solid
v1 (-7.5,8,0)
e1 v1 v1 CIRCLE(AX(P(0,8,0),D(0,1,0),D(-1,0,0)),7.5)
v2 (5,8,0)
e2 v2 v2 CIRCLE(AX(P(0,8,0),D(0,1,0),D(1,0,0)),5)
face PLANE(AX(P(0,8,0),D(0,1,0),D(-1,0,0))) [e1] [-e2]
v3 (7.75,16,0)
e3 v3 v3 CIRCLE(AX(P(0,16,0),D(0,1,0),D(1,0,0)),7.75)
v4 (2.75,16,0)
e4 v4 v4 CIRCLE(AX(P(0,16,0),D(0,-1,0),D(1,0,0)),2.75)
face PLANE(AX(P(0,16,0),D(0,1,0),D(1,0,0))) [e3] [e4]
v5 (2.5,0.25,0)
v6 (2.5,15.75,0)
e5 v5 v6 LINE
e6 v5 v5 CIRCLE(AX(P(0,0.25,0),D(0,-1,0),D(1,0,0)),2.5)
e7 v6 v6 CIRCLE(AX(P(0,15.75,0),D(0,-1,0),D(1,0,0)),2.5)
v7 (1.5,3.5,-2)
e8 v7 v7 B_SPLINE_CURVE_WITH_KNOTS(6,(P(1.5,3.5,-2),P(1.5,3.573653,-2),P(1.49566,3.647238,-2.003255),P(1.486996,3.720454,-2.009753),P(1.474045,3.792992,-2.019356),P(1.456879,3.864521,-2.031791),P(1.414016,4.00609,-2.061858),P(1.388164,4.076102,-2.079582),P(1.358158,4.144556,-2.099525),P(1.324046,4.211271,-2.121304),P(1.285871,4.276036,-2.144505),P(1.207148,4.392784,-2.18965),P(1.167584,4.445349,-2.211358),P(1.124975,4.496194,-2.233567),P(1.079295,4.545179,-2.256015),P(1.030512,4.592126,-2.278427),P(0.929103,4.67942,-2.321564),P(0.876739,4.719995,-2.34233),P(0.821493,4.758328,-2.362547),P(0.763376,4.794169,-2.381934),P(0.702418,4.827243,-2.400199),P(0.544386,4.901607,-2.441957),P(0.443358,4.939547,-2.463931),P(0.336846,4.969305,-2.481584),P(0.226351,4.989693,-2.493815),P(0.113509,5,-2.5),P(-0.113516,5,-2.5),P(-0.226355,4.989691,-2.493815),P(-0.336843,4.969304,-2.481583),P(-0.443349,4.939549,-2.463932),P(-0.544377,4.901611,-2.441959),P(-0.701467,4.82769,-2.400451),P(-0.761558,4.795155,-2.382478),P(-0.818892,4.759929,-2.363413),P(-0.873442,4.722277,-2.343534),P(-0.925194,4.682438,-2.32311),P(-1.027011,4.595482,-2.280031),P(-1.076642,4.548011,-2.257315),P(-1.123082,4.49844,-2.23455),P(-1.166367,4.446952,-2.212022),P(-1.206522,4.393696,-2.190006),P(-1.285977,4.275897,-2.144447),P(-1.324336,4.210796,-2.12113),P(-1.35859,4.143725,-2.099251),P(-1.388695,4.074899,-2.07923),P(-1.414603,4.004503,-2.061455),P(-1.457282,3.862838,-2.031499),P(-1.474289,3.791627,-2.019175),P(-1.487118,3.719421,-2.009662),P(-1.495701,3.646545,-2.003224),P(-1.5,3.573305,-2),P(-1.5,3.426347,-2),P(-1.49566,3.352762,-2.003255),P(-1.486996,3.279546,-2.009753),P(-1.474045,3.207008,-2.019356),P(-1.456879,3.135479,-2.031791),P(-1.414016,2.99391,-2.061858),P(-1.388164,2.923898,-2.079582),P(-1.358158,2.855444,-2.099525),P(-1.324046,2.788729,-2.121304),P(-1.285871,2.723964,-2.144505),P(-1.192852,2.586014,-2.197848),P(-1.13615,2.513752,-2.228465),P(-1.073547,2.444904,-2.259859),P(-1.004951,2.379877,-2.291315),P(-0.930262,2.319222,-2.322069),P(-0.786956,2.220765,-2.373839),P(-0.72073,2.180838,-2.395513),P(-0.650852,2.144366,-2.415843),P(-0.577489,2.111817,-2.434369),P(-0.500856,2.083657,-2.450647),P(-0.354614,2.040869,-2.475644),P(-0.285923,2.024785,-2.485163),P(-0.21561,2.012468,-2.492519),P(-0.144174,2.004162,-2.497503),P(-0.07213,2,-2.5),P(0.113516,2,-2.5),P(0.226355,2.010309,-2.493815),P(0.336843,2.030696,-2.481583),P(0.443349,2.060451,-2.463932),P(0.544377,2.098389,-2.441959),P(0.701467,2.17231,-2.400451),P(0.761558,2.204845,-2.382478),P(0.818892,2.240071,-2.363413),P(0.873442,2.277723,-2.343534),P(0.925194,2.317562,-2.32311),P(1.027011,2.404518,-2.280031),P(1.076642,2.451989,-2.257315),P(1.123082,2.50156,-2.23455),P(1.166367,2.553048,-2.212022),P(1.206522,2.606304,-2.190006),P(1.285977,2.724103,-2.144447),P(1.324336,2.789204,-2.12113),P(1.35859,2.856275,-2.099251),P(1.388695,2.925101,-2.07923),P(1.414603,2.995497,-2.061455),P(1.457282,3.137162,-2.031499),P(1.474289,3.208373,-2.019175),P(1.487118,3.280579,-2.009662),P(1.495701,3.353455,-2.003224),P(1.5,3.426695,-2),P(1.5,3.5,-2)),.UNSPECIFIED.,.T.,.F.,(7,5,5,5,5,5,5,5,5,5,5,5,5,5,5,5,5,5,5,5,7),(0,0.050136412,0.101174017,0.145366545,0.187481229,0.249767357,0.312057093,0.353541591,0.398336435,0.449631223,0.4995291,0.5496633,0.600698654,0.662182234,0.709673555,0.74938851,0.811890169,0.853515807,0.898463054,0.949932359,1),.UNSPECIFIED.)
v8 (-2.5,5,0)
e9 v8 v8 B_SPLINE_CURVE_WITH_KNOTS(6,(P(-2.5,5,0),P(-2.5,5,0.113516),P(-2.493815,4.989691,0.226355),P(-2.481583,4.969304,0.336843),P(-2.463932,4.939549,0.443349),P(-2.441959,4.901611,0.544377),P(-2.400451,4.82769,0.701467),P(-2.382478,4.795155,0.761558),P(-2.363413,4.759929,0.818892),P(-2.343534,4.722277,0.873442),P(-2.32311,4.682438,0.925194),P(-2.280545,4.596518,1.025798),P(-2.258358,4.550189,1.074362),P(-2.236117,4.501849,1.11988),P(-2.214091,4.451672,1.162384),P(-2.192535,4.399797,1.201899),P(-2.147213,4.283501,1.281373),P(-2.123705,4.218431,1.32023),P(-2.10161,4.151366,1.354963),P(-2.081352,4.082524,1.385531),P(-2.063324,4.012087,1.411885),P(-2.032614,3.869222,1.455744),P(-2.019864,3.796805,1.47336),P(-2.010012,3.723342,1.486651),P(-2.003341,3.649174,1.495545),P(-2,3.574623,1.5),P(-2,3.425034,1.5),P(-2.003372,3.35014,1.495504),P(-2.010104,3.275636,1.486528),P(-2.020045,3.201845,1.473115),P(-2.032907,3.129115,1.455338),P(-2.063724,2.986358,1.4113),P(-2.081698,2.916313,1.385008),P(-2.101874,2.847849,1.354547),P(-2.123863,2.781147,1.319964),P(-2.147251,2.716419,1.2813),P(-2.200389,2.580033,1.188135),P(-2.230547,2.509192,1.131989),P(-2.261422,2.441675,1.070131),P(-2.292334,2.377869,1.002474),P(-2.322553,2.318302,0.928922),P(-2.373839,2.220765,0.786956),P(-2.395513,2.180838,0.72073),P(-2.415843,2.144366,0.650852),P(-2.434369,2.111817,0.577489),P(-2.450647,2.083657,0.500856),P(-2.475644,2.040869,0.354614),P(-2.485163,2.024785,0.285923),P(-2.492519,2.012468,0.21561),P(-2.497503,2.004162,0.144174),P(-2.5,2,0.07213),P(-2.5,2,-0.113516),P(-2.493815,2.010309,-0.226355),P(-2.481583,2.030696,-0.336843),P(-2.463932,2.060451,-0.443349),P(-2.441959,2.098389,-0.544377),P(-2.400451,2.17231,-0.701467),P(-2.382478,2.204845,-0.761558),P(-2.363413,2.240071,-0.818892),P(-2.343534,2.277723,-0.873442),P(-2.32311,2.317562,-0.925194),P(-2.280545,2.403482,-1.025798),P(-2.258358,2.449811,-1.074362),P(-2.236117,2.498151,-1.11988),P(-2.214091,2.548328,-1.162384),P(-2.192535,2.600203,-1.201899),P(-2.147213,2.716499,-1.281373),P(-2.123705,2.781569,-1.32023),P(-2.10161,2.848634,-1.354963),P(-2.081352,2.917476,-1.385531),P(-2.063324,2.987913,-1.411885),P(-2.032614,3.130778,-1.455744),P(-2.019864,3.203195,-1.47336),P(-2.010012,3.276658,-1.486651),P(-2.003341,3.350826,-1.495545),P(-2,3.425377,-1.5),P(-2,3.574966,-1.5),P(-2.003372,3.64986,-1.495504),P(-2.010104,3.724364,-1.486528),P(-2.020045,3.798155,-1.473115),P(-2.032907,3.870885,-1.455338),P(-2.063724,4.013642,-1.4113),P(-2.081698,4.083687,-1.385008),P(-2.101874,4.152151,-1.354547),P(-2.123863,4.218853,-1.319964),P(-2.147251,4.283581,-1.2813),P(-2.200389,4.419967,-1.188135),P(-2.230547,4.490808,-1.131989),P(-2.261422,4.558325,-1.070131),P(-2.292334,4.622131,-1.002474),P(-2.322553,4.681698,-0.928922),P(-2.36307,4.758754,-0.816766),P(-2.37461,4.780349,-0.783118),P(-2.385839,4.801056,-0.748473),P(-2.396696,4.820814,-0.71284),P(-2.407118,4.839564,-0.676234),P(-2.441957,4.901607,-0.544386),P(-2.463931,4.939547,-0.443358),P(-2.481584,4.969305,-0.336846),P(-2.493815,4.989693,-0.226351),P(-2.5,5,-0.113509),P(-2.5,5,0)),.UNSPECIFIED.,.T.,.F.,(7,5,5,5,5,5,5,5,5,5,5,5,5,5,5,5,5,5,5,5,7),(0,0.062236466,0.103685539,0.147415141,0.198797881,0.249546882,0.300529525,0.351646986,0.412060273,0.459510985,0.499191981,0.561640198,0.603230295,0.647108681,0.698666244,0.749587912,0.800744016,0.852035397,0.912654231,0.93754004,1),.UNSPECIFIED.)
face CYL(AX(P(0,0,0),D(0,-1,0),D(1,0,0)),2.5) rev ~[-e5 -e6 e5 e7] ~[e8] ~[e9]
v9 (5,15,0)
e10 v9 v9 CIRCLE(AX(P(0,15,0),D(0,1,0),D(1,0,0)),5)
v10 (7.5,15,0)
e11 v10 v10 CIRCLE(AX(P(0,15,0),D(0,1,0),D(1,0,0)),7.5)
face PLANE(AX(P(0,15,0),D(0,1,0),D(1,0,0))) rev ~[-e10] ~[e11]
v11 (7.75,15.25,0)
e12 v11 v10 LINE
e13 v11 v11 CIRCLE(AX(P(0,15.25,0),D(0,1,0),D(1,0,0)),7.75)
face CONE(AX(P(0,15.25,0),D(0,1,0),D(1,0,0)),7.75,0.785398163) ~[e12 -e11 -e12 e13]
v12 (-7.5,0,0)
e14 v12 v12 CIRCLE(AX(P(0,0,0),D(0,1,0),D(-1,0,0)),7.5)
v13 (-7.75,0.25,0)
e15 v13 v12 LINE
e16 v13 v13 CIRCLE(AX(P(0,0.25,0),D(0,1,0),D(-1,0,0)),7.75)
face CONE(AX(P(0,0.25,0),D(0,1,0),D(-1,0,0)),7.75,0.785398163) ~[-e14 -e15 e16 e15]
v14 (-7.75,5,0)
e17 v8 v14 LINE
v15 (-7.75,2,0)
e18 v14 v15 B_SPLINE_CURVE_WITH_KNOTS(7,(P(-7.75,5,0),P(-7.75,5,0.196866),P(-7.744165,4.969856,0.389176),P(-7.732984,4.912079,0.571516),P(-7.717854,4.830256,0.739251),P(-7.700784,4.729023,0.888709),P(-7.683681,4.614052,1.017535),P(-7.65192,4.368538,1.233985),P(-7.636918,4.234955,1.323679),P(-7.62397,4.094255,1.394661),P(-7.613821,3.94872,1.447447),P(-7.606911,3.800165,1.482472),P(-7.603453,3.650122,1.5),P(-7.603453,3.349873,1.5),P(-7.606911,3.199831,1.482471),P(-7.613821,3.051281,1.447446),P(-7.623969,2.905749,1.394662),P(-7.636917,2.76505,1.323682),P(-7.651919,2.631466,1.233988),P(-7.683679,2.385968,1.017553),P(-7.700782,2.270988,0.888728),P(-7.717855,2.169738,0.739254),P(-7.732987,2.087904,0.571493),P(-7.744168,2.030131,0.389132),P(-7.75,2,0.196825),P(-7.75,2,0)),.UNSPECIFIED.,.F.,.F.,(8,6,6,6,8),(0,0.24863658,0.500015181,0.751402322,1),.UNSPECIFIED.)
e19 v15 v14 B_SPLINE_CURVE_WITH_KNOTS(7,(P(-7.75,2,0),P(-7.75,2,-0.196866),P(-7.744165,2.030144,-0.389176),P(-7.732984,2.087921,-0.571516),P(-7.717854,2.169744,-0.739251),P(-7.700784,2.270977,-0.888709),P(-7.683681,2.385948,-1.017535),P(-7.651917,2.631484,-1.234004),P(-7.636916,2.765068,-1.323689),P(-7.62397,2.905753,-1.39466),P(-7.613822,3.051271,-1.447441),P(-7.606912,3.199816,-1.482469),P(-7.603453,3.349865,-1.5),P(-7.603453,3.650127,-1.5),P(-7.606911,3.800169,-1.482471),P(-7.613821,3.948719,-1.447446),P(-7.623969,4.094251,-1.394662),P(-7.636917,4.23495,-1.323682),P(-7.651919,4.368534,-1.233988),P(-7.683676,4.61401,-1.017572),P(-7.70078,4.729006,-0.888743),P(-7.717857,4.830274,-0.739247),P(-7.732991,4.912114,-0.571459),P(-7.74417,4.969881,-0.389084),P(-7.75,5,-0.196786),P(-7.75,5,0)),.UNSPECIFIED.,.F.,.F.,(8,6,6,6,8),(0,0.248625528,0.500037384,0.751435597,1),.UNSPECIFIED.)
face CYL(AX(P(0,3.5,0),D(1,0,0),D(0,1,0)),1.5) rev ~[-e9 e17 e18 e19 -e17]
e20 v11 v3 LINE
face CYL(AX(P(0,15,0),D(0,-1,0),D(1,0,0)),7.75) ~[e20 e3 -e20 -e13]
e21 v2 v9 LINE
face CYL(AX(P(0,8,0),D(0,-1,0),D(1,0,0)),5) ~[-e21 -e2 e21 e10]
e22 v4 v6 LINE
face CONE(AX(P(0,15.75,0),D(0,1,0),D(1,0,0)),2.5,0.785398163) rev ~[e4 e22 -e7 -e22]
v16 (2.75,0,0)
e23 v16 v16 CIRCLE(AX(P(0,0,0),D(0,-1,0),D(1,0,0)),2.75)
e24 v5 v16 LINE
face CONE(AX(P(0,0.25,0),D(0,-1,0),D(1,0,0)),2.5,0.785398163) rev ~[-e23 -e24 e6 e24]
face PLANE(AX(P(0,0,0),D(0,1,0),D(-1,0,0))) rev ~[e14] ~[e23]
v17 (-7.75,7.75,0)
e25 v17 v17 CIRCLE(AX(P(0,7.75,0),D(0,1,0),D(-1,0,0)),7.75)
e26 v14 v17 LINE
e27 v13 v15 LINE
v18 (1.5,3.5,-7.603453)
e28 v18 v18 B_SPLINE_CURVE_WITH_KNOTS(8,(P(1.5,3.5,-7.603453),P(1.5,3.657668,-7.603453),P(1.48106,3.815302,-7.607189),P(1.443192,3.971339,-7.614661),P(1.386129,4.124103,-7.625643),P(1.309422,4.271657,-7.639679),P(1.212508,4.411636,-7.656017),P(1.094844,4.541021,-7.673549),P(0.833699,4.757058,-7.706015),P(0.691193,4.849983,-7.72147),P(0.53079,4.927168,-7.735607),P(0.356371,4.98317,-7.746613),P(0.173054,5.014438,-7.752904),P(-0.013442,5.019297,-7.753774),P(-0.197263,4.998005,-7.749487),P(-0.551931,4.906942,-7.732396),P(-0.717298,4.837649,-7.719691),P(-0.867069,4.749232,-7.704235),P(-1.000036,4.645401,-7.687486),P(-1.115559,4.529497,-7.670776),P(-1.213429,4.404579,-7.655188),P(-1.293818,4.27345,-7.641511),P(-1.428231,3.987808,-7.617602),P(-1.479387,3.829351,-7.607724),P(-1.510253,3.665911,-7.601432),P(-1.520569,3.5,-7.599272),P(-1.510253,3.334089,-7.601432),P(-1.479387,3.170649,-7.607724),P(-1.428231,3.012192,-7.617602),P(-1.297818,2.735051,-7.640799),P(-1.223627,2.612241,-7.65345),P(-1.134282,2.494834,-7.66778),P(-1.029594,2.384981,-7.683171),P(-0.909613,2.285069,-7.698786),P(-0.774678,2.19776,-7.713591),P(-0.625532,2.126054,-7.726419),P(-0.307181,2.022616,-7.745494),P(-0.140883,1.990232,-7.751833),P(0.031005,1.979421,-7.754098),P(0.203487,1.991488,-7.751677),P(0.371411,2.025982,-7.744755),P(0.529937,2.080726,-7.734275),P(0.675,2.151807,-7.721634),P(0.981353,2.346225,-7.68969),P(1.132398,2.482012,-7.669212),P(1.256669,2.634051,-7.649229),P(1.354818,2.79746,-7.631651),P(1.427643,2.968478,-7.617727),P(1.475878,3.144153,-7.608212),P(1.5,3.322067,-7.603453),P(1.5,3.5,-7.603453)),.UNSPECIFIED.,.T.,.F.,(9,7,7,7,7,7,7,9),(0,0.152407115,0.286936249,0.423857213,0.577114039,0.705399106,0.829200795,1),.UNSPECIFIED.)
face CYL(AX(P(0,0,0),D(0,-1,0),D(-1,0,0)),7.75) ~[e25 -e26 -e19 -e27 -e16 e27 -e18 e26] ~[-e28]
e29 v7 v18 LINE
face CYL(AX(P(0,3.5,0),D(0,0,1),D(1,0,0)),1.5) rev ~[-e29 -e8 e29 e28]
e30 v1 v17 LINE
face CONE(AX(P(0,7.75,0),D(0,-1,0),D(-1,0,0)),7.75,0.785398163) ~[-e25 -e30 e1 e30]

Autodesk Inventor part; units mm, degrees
ref_plane "YZ Plane" through (0, 0, 0) normal (1, 0, 0) x (0, 1, 0)
ref_plane "XZ Plane" through (0, 0, 0) normal (0, 1, 0) x (-1, 0, 0)
ref_plane "XY Plane" through (0, 0, 0) normal (0, 0, 1) x (1, 0, 0)
sketch "Эскиз1" plane through (0, 0, 0) normal (0, 1, 0) x (-1, 0, 0)
  circle A0 centre (0, 0) radius 7.75
  dimension "d0" = 15.5
extrude "Выдавливание1" add sketch "Эскиз1" along normal blind 8
sketch "Эскиз2" plane through (0, 8, 0) normal (0, 1, 0) x (1, 0, 0)
  circle A0 centre (0, 0) radius 5
  dimension "d3" = 10
extrude "Выдавливание2" add sketch "Эскиз2" along normal blind 7
sketch "Эскиз3" plane through (0, 15, 0) normal (0, 1, 0) x (1, 0, 0)
  circle A0 centre (0, 0) radius 7.75
extrude "Выдавливание3" add sketch "Эскиз3" along normal blind 1
chamfer "Фаска1" distance 0.25 angle 45 3 edges at (-7.75, 15, 0) (7.75, 8, 0) (7.75, 0, 0)
sketch "Эскиз4" plane through (0, 0, 0) normal (0, -1, 0) x (1, 0, 0)
  circle A0 centre (0, 0) radius 2.5
  dimension "d11" = 5
extrude "Выдавливание4" cut sketch "Эскиз4" against normal through all
chamfer "Фаска2" distance 0.25 angle 45 2 edges at (-2.5, 16, 0) (-2.5, 0, 0)
sketch "Эскиз5" plane through (0, 0, 0) normal (1, 0, 0) x (0, 1, 0)
  circle A0 centre (3.5, 0) radius 1.5
  point P0 (0, 0)
  dimension "d18" = 3
extrude "Выдавливание5" cut sketch "Эскиз5" against normal through all
sketch "Эскиз6" plane through (0, 0, 0) normal (0, 0, 1) x (1, 0, 0)
  circle A0 centre (0, 3.5) radius 1.5
  point P0 (0, 0)
  dimension "d22" = 3
extrude "Выдавливание6" cut sketch "Эскиз6" against normal through all
properties part number "GT2-20t"
